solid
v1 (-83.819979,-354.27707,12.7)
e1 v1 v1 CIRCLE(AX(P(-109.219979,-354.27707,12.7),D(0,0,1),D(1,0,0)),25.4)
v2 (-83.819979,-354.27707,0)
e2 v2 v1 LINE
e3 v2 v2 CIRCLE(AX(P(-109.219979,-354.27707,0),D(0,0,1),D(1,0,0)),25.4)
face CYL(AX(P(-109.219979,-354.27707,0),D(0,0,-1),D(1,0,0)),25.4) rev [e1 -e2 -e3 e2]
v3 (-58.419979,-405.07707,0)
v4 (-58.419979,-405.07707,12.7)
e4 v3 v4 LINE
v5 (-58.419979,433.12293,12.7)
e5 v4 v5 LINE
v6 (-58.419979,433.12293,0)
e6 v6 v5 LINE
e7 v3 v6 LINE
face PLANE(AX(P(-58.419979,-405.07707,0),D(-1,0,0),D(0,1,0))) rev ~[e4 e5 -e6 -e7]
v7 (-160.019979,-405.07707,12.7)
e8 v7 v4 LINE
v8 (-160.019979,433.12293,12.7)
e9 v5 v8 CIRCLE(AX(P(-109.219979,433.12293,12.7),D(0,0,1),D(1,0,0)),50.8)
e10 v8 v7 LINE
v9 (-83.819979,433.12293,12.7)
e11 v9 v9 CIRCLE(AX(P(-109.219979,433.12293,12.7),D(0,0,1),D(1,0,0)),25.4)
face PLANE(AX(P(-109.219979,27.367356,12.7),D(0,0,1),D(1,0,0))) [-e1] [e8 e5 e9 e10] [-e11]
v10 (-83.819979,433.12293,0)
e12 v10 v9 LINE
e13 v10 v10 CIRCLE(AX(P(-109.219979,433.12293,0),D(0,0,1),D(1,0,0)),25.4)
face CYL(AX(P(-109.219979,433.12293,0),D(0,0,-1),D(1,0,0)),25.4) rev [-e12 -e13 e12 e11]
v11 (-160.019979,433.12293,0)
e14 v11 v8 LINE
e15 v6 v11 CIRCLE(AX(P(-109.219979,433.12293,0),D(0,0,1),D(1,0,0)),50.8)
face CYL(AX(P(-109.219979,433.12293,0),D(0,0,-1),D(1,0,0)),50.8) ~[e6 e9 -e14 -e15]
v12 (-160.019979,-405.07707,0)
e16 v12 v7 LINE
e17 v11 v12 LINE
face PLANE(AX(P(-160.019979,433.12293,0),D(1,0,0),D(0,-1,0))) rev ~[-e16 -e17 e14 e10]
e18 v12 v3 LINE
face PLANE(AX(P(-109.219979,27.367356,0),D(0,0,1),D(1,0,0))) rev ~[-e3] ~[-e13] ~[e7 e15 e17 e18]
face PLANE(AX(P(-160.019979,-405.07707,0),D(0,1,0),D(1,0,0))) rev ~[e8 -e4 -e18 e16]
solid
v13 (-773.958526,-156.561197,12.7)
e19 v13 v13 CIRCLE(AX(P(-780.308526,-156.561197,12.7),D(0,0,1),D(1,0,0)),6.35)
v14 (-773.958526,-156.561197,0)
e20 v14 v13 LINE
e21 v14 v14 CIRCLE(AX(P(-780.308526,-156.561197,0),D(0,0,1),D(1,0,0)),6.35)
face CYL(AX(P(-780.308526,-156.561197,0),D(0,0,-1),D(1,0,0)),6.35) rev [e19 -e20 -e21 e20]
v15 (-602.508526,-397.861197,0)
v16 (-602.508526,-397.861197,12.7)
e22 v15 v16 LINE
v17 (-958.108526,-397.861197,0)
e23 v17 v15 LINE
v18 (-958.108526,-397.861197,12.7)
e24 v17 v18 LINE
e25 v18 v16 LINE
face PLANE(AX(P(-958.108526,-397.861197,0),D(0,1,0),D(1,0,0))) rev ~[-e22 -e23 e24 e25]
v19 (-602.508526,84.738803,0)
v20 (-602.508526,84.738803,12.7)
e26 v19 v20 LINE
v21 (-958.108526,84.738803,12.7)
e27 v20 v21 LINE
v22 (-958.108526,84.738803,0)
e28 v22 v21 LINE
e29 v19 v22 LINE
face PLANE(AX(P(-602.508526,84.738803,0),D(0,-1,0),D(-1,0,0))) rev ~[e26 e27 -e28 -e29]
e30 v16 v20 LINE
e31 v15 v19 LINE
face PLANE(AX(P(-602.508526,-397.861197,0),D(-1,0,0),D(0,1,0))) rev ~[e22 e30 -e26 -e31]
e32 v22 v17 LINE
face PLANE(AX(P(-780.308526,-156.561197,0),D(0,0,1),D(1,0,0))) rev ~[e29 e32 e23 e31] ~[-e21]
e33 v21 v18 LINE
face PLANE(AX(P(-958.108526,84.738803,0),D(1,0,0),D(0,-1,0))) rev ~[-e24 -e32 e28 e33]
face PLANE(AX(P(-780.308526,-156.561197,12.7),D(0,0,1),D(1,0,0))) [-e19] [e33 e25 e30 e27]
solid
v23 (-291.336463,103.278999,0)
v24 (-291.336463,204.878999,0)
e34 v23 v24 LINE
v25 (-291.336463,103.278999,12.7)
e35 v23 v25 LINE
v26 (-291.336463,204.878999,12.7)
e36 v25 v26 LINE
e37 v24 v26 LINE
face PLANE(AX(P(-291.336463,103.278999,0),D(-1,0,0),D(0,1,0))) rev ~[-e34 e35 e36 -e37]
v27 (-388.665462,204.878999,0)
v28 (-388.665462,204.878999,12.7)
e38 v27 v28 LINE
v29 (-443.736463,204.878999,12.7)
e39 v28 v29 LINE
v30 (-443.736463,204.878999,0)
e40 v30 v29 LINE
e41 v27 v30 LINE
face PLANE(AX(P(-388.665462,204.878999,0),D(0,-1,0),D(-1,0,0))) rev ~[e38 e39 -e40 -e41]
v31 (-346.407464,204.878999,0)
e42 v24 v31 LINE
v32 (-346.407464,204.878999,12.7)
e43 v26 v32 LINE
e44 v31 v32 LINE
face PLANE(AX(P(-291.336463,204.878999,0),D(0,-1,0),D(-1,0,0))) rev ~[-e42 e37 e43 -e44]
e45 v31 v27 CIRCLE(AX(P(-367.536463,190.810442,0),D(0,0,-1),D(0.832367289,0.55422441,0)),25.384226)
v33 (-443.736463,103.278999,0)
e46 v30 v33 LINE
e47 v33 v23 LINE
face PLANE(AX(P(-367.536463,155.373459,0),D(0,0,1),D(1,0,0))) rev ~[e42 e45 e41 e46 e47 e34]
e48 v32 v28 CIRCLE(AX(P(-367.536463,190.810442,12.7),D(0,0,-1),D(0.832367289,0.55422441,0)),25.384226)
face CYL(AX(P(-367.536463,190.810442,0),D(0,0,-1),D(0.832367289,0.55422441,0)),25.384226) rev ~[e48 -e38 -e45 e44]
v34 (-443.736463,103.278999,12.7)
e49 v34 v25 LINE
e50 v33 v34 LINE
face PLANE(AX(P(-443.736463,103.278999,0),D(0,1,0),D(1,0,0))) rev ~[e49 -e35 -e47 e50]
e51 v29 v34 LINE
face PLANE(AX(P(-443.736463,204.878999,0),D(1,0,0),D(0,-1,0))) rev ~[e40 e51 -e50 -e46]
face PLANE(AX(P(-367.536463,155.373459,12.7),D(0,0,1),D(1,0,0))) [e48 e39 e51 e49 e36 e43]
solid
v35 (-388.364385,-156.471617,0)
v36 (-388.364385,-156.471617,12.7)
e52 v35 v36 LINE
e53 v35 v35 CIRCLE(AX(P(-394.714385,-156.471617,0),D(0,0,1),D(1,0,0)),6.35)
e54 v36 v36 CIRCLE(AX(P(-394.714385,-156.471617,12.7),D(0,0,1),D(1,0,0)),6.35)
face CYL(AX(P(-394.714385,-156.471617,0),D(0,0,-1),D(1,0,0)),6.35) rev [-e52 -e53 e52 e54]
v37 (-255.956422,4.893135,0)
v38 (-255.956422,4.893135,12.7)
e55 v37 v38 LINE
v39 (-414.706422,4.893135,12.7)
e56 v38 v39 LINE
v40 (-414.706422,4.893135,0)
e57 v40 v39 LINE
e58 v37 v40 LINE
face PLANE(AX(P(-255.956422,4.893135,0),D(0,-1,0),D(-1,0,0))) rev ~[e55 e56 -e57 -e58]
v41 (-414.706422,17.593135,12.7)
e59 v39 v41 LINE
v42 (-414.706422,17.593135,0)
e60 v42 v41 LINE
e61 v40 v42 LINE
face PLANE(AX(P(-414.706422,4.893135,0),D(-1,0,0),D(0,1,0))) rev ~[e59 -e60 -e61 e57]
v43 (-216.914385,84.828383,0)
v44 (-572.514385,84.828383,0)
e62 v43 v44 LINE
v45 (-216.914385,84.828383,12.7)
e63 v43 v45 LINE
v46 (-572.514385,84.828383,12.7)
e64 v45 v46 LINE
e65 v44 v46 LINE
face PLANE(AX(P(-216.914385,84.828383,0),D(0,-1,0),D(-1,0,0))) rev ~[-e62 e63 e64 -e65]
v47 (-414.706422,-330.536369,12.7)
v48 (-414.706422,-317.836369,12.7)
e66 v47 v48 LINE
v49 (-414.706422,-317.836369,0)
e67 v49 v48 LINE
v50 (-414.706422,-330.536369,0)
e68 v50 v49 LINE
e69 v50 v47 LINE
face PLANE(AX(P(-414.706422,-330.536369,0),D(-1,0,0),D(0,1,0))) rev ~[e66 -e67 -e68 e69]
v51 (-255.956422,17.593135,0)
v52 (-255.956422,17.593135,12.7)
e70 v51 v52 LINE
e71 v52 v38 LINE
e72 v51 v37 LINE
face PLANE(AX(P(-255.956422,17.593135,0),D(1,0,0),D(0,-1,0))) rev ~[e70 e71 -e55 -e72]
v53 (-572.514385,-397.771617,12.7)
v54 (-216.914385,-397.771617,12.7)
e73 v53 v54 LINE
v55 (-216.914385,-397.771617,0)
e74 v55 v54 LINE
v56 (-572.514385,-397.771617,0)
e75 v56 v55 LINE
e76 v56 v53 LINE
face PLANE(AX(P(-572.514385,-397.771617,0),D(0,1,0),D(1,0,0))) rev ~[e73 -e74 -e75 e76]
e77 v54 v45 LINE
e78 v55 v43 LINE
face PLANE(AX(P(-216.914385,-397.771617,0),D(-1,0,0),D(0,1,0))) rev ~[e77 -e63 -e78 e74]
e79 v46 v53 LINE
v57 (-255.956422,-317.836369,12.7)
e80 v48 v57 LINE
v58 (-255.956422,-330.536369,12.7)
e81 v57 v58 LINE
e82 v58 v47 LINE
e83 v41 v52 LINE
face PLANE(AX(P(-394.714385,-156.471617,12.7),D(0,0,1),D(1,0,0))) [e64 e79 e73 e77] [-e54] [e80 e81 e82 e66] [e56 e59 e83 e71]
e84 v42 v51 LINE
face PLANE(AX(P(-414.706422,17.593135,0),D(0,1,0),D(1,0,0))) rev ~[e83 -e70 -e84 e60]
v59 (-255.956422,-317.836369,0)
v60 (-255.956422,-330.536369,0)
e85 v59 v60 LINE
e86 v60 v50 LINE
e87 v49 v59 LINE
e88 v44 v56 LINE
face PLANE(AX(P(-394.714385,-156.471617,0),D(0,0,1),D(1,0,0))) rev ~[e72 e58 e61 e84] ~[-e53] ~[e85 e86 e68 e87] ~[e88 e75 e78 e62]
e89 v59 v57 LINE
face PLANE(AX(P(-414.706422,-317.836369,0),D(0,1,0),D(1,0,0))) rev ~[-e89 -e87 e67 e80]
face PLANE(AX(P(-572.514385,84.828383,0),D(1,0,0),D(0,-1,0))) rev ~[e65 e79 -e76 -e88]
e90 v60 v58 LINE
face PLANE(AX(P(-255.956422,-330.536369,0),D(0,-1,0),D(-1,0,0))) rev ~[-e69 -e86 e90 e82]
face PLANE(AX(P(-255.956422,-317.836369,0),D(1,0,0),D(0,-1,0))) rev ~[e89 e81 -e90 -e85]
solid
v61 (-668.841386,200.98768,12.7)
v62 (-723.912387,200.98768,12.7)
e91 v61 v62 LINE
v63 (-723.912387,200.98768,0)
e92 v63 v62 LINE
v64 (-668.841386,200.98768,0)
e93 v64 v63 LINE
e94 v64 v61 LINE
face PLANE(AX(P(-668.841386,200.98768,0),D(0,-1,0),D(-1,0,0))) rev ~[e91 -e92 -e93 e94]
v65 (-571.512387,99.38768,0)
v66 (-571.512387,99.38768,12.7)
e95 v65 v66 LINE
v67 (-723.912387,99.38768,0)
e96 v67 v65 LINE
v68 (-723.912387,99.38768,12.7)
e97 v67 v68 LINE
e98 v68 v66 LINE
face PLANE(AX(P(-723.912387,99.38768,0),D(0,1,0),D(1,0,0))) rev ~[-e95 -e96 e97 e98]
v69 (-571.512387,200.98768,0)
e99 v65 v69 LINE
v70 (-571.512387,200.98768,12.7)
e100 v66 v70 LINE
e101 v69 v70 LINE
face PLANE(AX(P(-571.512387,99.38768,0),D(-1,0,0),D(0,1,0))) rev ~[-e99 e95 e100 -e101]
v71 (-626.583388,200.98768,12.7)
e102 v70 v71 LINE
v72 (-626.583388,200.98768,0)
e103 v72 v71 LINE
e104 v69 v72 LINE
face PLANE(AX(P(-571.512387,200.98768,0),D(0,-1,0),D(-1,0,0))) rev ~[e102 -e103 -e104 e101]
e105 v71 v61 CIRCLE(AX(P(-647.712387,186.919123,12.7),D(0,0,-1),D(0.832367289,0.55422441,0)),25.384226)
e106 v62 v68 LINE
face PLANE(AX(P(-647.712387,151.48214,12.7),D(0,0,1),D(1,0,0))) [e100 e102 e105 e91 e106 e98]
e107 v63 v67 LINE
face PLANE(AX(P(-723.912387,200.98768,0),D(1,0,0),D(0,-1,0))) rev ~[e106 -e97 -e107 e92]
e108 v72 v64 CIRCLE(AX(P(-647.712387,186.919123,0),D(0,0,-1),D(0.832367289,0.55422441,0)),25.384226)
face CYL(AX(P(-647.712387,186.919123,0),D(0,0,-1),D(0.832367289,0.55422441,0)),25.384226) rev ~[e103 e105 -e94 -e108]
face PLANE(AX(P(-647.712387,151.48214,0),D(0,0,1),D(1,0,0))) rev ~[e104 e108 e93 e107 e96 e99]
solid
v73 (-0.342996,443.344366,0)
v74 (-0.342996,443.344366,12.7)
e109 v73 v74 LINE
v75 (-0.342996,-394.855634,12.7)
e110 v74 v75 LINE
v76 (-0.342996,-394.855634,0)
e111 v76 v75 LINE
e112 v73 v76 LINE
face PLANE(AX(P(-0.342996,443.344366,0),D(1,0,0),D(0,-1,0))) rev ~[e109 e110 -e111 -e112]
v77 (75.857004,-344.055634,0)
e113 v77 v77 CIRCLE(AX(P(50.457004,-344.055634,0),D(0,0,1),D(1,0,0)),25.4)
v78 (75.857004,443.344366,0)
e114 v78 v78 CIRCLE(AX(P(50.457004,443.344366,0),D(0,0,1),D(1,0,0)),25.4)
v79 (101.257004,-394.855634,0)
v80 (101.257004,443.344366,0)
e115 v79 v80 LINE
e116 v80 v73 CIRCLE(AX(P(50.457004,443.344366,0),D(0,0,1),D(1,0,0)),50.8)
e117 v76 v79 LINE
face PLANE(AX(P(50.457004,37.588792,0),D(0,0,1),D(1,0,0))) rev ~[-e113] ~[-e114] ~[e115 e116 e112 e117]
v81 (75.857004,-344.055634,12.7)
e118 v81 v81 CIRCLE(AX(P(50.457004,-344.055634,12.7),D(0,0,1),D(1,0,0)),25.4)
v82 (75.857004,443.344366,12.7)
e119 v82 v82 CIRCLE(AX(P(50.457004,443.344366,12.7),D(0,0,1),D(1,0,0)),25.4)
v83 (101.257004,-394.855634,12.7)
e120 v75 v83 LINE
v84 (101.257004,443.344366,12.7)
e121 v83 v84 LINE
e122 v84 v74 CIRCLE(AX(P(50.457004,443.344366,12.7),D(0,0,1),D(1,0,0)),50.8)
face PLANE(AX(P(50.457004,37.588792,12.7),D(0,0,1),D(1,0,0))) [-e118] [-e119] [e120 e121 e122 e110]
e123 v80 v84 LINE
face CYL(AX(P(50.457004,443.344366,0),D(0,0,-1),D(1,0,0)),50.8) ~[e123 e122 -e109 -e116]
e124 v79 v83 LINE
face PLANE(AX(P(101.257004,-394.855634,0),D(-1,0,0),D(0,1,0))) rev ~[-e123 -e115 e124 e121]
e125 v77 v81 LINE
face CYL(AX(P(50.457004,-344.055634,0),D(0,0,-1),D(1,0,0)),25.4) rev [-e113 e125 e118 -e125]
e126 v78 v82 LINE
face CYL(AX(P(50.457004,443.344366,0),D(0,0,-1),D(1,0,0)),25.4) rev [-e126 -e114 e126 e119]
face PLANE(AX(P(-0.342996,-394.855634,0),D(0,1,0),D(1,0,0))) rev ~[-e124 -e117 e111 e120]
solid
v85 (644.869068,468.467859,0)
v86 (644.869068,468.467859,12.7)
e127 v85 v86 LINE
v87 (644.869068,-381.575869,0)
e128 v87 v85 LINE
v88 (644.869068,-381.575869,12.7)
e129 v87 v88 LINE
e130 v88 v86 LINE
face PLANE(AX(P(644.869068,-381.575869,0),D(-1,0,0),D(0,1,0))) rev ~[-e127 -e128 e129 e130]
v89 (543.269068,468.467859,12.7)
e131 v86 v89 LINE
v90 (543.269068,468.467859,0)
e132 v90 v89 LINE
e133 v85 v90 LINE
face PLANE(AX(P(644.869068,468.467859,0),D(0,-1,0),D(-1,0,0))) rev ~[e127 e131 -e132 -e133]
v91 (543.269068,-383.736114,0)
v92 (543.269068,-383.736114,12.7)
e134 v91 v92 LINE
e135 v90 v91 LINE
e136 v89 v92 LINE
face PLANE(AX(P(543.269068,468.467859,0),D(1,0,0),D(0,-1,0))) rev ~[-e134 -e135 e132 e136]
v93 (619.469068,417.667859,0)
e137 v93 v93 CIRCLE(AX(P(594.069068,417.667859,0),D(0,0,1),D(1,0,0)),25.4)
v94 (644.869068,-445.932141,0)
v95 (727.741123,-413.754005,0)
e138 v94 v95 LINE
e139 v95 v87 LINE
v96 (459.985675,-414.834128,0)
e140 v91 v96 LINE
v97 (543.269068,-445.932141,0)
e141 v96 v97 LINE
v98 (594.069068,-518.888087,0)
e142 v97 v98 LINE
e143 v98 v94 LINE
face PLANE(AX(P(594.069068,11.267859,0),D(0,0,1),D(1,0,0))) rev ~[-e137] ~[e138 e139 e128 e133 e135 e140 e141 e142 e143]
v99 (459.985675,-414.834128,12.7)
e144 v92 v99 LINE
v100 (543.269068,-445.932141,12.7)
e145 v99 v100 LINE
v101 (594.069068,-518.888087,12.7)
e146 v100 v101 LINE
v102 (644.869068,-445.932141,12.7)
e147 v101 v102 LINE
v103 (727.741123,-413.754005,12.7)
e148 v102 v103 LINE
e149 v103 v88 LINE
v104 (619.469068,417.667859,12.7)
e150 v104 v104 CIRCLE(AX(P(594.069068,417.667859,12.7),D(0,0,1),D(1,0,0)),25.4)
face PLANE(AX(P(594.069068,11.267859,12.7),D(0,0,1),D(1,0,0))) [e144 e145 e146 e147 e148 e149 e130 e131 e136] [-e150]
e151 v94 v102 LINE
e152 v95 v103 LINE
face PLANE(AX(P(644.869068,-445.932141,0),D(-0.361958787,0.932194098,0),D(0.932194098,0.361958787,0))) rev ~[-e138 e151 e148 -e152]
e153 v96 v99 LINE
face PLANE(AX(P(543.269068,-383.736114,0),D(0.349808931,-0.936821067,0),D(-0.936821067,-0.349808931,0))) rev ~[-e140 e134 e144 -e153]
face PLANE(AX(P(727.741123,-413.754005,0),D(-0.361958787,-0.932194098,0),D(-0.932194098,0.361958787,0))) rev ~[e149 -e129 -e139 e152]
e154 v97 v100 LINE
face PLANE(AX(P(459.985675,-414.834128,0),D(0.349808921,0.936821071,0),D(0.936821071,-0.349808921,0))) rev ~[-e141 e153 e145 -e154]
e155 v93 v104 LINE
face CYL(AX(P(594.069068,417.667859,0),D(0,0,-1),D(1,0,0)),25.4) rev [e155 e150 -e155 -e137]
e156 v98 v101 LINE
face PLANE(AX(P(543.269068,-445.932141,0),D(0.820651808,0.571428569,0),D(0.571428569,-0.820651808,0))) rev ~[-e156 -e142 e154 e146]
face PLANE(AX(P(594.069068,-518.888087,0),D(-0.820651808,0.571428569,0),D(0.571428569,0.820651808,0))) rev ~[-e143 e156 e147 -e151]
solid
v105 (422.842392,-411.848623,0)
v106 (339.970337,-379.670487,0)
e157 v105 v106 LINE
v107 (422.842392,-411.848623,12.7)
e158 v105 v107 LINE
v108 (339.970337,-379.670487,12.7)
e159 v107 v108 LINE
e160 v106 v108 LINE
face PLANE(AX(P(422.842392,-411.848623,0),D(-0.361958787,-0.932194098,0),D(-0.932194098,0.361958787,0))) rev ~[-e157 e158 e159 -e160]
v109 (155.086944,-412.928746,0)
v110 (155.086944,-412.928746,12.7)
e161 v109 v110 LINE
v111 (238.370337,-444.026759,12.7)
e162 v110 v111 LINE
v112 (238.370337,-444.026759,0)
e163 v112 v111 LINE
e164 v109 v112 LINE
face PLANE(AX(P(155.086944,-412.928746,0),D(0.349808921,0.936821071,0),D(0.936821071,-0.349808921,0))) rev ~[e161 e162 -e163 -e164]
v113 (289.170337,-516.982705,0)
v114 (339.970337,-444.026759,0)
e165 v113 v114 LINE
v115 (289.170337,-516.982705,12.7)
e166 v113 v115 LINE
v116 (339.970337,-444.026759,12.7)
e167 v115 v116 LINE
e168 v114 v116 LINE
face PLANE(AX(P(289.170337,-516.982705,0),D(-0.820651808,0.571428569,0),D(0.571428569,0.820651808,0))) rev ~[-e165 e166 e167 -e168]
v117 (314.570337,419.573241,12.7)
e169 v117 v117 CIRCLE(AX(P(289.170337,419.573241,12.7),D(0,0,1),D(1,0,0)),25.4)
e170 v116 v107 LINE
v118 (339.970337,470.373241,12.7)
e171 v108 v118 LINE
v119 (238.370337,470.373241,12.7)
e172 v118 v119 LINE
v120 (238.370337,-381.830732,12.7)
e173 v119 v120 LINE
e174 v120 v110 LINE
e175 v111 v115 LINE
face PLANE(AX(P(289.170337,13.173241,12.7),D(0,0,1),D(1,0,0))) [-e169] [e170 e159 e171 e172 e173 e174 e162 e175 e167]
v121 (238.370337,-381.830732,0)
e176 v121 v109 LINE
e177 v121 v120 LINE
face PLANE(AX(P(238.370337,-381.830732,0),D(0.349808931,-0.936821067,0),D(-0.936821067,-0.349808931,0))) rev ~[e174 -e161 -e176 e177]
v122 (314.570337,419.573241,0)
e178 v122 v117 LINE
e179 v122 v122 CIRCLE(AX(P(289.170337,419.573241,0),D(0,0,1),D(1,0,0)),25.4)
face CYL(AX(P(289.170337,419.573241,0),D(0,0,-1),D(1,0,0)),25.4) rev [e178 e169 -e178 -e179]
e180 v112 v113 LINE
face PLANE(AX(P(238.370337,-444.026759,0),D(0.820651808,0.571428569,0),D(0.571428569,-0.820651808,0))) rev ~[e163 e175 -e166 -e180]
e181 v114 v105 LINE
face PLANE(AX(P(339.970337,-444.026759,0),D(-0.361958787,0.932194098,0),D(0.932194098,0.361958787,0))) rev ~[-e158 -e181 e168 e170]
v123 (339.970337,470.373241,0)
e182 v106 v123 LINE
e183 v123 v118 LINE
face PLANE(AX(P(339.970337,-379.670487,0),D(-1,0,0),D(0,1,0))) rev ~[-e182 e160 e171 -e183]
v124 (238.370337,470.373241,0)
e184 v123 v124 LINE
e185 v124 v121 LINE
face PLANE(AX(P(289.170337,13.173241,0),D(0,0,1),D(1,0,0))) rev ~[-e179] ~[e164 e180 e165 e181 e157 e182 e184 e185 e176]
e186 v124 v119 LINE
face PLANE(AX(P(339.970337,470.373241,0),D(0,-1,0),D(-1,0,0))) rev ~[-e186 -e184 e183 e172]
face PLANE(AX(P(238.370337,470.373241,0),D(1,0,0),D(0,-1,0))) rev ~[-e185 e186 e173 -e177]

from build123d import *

# Parameters (mm, degrees)
F0_R     = 6.35
F0_R_2   = 25.4
F1_DEPTH = 12.7


with BuildPart() as f1:
    # F0 (on Top) → F1 (new body)
    with BuildSketch(Plane.XY):
        Polygon((-216.914385, -397.771617), (-216.914385, 84.828383), (-572.514385, 84.828383), (-572.514385, -397.771617), (-335.331422, -397.771617), align=None)
        Polygon((-259.131422, -330.536369), (-335.331422, -330.536369), (-411.531422, -330.536369), (-414.706422, -330.536369), (-414.706422, -317.836369), (-411.531422, -317.836369), (-259.131422, -317.836369), (-255.956422, -317.836369), (-255.956422, -330.536369), align=None, mode=Mode.SUBTRACT)
        with Locations((-394.714385, -156.471617)):
            Circle(F0_R, mode=Mode.SUBTRACT)
        Polygon((-414.706422, 17.593135), (-411.531422, 17.593135), (-335.331422, 17.593135), (-259.131422, 17.593135), (-255.956422, 17.593135), (-255.956422, 4.893135), (-259.131422, 4.893135), (-411.531422, 4.893135), (-414.706422, 4.893135), align=None, mode=Mode.SUBTRACT)
        with BuildLine():
            Line((-723.912387, 200.98768), (-723.912387, 99.38768))
            Line((-723.912387, 99.38768), (-571.512387, 99.38768))
            Line((-571.512387, 99.38768), (-571.512387, 200.98768))
            Line((-571.512387, 200.98768), (-626.583388, 200.98768))
            ThreePointArc((-626.583388, 200.98768), (-647.712387, 161.534897), (-668.841386, 200.98768))
            Line((-668.841386, 200.98768), (-723.912387, 200.98768))
        make_face()
        with BuildLine():
            Line((-443.736463, 204.878999), (-443.736463, 103.278999))
            Line((-443.736463, 103.278999), (-291.336463, 103.278999))
            Line((-291.336463, 103.278999), (-291.336463, 204.878999))
            Line((-291.336463, 204.878999), (-346.407464, 204.878999))
            ThreePointArc((-346.407464, 204.878999), (-367.536463, 165.426216), (-388.665462, 204.878999))
            Line((-388.665462, 204.878999), (-443.736463, 204.878999))
        make_face()
        Polygon((-602.508526, -397.861197), (-602.508526, 84.738803), (-720.925562, 84.738803), (-958.108526, 84.738803), (-958.108526, -397.861197), align=None)
        with Locations((-780.308526, -156.561197)):
            Circle(F0_R, mode=Mode.SUBTRACT)
        with BuildLine():
            Line((-0.342996, 443.344366), (-0.342996, -394.855634))
            Line((-0.342996, -394.855634), (101.257004, -394.855634))
            Line((101.257004, -394.855634), (101.257004, 443.344366))
            ThreePointArc((101.257004, 443.344366), (50.457004, 494.144366), (-0.342996, 443.344366))
        make_face()
        with Locations((50.457004, -344.055634)):
            Circle(F0_R_2, mode=Mode.SUBTRACT)
        with Locations((50.457004, 443.344366)):
            Circle(F0_R_2, mode=Mode.SUBTRACT)
        Polygon((339.970337, 470.373241), (238.370337, 470.373241), (238.370337, -381.830732), (238.370337, -444.026759), (339.970337, -444.026759), (339.970337, -379.670487), align=None)
        with Locations((289.170337, 419.573241)):
            Circle(F0_R_2, mode=Mode.SUBTRACT)
        Polygon((238.370337, -444.026759), (238.370337, -381.830732), (155.086944, -412.928746), align=None)
        Polygon((422.842392, -411.848623), (339.970337, -379.670487), (339.970337, -444.026759), align=None)
        Polygon((339.970337, -444.026759), (238.370337, -444.026759), (289.170337, -516.982705), align=None)
        with BuildLine():
            Line((-160.019979, 433.12293), (-160.019979, -405.07707))
            Line((-160.019979, -405.07707), (-58.419979, -405.07707))
            Line((-58.419979, -405.07707), (-58.419979, 433.12293))
            ThreePointArc((-58.419979, 433.12293), (-109.219979, 483.92293), (-160.019979, 433.12293))
        make_face()
        with Locations((-109.219979, -354.27707)):
            Circle(F0_R_2, mode=Mode.SUBTRACT)
        with Locations((-109.219979, 433.12293)):
            Circle(F0_R_2, mode=Mode.SUBTRACT)
        Polygon((644.869068, 468.467859), (543.269068, 468.467859), (543.269068, -383.736114), (543.269068, -445.932141), (644.869068, -445.932141), (644.869068, -381.575869), align=None)
        with Locations((594.069068, 417.667859)):
            Circle(F0_R_2, mode=Mode.SUBTRACT)
        Polygon((543.269068, -445.932141), (543.269068, -383.736114), (459.985675, -414.834128), align=None)
        Polygon((727.741123, -413.754005), (644.869068, -381.575869), (644.869068, -445.932141), align=None)
        Polygon((644.869068, -445.932141), (543.269068, -445.932141), (594.069068, -518.888087), align=None)
    extrude(amount=F1_DEPTH)


solid = f1.part
